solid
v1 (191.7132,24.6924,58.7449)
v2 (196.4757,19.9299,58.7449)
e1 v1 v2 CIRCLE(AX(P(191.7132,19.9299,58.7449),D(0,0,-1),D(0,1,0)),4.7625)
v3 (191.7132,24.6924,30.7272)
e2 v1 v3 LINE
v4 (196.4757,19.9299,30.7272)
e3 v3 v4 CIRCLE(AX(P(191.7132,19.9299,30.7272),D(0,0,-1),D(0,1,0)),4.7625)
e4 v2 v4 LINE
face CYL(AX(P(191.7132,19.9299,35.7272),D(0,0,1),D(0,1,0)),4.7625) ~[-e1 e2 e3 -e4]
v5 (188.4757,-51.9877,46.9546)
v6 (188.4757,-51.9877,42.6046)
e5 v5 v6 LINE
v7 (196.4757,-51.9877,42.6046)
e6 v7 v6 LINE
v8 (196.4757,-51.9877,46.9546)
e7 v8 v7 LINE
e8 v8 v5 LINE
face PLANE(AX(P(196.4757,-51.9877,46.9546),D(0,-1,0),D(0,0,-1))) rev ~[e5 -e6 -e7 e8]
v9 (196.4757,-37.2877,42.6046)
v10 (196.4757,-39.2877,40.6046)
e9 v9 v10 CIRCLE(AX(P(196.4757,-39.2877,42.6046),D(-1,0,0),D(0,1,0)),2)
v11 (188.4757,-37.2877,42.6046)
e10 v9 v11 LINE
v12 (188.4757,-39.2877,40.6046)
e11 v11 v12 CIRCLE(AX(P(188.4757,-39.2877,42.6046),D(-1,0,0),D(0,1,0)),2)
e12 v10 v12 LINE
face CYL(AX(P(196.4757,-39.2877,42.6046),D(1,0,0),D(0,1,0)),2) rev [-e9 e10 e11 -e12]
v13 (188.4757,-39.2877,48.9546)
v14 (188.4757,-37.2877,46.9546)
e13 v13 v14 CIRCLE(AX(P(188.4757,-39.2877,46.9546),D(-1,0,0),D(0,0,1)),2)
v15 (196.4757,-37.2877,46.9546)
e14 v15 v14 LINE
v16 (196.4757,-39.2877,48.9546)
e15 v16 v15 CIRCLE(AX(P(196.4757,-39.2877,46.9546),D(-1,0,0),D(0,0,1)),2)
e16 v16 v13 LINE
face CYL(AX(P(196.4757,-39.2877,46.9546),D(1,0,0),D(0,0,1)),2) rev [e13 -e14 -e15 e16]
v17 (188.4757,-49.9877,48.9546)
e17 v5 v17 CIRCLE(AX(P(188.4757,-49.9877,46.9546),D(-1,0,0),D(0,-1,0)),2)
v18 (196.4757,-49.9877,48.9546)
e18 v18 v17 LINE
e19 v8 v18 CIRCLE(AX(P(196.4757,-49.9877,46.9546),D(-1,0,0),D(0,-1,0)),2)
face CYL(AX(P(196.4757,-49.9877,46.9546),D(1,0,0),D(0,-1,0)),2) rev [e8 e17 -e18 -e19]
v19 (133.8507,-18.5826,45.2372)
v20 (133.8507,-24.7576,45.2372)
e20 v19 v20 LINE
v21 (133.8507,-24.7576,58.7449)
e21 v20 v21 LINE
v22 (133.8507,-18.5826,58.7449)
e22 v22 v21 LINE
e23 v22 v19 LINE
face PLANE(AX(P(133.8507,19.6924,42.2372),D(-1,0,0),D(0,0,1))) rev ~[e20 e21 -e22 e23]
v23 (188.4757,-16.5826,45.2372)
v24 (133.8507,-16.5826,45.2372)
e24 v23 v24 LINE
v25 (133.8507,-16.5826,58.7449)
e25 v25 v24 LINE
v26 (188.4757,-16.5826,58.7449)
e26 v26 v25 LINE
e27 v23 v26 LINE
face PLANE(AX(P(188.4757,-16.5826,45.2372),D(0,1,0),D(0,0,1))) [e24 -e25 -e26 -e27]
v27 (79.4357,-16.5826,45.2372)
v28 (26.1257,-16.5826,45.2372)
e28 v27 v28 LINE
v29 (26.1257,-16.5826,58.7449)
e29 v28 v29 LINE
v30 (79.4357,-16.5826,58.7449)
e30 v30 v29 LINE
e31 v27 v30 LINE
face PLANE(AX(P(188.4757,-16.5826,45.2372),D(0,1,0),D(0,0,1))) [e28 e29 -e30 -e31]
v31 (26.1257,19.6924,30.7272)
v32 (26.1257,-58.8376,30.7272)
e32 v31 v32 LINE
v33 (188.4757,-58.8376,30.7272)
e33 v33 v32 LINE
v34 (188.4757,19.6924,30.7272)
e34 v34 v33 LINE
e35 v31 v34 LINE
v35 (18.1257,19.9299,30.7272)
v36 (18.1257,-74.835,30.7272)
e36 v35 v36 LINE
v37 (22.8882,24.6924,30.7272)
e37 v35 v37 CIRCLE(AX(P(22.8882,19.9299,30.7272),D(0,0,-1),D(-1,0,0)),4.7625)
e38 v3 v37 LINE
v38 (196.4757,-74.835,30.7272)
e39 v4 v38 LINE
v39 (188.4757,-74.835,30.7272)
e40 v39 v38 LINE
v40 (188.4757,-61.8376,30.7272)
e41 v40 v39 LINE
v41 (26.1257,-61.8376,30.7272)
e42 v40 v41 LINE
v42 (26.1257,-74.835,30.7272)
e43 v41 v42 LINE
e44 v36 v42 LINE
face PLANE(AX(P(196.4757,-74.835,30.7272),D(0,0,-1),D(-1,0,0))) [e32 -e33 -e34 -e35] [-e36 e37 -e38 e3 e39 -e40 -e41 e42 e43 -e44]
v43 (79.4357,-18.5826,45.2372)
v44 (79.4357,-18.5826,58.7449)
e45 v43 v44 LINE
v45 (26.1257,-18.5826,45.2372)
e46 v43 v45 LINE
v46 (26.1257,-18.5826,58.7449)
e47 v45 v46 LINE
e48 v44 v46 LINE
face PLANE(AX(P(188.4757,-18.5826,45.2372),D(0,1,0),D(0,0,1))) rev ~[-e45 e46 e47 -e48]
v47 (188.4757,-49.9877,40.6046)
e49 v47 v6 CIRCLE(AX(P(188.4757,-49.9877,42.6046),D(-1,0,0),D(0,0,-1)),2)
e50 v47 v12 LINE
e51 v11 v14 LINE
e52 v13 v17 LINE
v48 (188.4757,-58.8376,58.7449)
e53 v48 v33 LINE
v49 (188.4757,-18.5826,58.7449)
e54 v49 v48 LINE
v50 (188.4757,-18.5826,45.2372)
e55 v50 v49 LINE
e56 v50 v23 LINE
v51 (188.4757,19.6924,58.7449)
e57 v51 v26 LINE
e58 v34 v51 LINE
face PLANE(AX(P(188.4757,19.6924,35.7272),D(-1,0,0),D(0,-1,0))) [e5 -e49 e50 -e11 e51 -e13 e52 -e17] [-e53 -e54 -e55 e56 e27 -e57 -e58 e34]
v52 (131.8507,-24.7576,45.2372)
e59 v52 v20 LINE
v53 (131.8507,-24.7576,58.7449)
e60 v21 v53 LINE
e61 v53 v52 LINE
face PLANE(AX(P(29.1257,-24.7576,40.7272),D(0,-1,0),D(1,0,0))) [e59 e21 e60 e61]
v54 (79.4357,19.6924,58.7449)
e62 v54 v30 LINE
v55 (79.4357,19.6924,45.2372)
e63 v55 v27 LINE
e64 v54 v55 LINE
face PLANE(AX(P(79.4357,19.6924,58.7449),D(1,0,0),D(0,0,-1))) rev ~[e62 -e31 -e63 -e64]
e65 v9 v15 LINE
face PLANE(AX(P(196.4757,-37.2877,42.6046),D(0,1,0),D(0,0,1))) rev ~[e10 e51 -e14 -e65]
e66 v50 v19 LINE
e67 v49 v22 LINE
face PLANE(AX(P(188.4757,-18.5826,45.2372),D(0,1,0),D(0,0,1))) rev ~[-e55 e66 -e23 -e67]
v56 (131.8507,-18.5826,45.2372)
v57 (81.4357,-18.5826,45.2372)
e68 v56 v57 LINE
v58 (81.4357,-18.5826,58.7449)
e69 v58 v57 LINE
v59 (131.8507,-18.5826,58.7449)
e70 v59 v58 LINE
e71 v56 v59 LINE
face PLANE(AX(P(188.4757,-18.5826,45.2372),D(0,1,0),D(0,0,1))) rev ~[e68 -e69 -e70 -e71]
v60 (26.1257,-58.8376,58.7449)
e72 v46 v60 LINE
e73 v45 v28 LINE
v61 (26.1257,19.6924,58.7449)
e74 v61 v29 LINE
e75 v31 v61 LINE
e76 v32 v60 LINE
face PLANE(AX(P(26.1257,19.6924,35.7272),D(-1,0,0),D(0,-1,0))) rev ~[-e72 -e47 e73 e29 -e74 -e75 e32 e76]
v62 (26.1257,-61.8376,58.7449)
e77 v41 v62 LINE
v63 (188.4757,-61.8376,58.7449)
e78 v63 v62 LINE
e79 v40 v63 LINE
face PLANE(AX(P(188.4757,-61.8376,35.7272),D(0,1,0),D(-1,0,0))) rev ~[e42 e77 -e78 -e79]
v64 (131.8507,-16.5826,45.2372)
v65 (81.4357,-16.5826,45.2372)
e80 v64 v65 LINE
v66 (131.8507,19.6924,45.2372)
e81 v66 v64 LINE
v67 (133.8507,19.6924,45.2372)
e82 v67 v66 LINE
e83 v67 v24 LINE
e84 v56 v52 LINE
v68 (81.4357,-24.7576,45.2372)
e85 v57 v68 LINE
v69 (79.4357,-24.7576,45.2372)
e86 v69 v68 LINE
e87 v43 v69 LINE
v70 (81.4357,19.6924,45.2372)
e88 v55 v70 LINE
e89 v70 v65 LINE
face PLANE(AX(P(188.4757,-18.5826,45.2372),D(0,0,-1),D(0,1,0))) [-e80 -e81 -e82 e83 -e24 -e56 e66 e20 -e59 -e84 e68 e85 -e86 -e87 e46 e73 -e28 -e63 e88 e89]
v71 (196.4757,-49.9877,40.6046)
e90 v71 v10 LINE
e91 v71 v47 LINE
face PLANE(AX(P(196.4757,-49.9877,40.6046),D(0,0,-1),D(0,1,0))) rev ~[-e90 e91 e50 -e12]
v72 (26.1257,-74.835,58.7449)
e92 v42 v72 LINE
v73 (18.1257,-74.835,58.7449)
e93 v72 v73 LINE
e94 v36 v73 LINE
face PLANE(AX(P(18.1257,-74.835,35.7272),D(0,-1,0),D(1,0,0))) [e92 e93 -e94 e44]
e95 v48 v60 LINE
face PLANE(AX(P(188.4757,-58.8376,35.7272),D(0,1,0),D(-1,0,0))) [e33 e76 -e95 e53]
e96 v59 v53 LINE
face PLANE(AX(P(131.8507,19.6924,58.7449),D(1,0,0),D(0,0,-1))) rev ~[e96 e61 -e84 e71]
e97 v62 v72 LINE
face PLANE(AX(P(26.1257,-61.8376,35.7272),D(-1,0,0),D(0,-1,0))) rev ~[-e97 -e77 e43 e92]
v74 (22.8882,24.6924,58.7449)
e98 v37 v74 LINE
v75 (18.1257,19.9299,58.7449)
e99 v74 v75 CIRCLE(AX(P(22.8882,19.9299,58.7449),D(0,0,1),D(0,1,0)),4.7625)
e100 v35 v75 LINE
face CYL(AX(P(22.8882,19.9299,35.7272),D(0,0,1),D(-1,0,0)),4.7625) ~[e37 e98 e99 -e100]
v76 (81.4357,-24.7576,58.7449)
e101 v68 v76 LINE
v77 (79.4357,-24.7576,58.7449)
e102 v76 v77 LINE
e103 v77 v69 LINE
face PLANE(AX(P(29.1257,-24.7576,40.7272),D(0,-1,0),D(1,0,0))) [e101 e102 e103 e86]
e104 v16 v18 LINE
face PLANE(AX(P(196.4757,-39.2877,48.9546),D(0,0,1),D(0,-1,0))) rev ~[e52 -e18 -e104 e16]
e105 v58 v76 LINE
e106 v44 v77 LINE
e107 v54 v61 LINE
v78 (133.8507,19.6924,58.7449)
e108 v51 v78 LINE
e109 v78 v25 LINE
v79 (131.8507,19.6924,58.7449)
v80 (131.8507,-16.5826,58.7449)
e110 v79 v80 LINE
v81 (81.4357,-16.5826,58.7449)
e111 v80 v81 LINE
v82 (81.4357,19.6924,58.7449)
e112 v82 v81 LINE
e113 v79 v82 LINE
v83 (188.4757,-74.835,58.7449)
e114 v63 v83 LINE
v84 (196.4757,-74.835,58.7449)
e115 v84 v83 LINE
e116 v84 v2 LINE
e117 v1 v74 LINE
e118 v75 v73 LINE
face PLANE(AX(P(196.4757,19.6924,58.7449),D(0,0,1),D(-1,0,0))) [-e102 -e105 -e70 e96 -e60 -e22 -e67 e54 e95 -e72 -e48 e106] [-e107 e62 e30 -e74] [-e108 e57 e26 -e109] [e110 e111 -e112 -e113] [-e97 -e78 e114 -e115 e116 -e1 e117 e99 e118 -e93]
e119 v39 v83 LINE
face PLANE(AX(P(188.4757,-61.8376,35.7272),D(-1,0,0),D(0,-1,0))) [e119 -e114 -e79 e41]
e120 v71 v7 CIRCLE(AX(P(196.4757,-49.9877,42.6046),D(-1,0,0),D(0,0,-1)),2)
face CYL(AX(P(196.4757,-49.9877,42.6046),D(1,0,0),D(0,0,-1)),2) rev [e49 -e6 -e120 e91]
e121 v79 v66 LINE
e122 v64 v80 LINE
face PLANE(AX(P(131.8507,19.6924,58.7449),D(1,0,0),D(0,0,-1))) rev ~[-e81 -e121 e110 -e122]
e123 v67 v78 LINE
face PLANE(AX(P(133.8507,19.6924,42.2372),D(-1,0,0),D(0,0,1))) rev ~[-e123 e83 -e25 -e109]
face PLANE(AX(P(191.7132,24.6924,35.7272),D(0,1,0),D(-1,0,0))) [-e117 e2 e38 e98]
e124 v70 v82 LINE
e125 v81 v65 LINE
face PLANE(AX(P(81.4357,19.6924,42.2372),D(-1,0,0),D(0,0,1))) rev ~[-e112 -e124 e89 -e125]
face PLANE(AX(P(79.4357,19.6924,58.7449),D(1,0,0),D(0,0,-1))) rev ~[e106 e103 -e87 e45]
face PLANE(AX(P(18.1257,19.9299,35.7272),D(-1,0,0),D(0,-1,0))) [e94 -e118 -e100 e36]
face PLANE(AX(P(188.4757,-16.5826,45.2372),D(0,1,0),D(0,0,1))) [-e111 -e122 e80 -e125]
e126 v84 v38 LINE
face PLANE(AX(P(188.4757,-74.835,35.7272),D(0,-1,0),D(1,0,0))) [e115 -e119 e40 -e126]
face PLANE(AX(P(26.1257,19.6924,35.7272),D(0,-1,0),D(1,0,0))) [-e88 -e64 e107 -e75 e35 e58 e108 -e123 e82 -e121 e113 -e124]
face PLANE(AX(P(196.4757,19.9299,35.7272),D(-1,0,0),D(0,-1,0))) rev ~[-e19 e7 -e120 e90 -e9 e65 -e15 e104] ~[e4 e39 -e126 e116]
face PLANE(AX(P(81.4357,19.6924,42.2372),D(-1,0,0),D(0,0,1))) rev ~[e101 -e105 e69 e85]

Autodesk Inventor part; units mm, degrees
ref_plane "YZ Plane" through (0, 0, 0) normal (1, 0, 0) x (0, 1, 0)
ref_plane "XZ Plane" through (0, 0, 0) normal (0, 1, 0) x (-1, 0, 0)
ref_plane "XY Plane" through (0, 0, 0) normal (0, 0, 1) x (1, 0, 0)
ref_plane "boardTop(tolerance)" through (29.1257, 19.6924, 40.7272) normal (0, -1, 0) x (1, 0, 0)
sketch "Sketch3" plane through (29.1257, 19.6924, 40.7272) normal (0, -1, 0) x (1, 0, 0)
  line L0 (-2, 1.51) -> (-2, 0)
  line L1 (158.35, 0) -> (158.35, 1.51)
  line L2 (-11, 18.0177) -> (-11, -5)
  line L3 (167.35, 18.0177) -> (167.35, -5)
  line L4 (167.35, 18.0177) -> (-11, 18.0177)
  line L5 (-11, -5) -> (167.35, -5)
  point P0 (-29.1257, -40.7272)
  point P1 (158.35, 0.755)
  dimension "d12" = 9
  dimension "d13" = 9
extrude "Extrusion3" add sketch "Sketch3" against normal blind 5
ref_plane "boardBottom(tolerance)" through (185.4757, -59.8376, 42.2372) normal (0, -1, 0) x (-1, 0, 0)
sketch "Sketch4" plane through (29.1257, 19.6924, 40.7272) normal (0, -1, 0) x (1, 0, 0)
  line L0 (-2, 1.51) -> (-2, 0)
  line L1 (158.35, 1.51) -> (158.35, 0)
  line L2 (-11, 18.0177) -> (-11, -5) projected
  line L3 (-11, -5) -> (167.35, -5) projected
  line L4 (167.35, -5) -> (167.35, 18.0177) projected
  line L5 (167.35, 18.0177) -> (-11, 18.0177) projected
  line L6 (159.35, -5) -> (159.35, 18.0177)
  line L7 (-11, 18.0177) -> (167.35, 18.0177) projected
  line L8 (-3, -5) -> (-3, 18.0177)
  point P0 (-29.1257, -40.7272)
  point P1 (158.35, 0.755)
  point P2 (-2, 0.755)
  point P3 (-3, 18.0177)
  dimension "d17" = 1
  dimension "d18" = 1
extrude "Extrusion4" add sketch "Sketch4" along normal blind 94.5274 contours L5 L8 L3 L2 | L5 L4 L3 L6
ref_plane "boardRight(tolerance)" through (188.4757, 19.6924, 35.7272) normal (-1, 0, 0) x (0, -1, 0)
sketch "Sketch5" plane through (188.4757, -74.835, 35.7272) normal (-1, 0, 0) x (0, 0, 1)
  line L0 (5, 15.9974) -> (6.51, 15.9974) projected
  line L1 (0, 94.5274) -> (23.0177, 94.5274) projected
  line L2 (0, 94.5274) -> (0, 0) projected
  line L3 (23.0177, 0) -> (0, 0) projected
  line L4 (23.0177, 94.5274) -> (23.0177, 0) projected
  line L5 (0, 94.5274) -> (0, 0) projected
  line L6 (0, 15.9974) -> (23.0177, 15.9974)
  line L7 (23.0177, 15.9974) -> (23.0177, 12.9974)
  line L8 (23.0177, 12.9974) -> (0, 12.9974)
  line L9 (0, 12.9974) -> (0, 15.9974)
  point P0 (-35.7272, 74.835)
  point P1 (0, 12.9974)
  point P2 (6.51, 15.9974)
  dimension "d21" = 3
ref_plane "boardLeft(tolerance)" through (26.1257, 19.6924, 58.7449) normal (1, 0, 0) x (0, -1, 0)
extrude "Extrusion5" add sketch "Sketch5" along normal up to surface (162.35 mm away) contours L0 L6 L4 L8 L2
sketch "Sketch6" plane through (29.1257, 19.6924, 40.7272) normal (0, -1, 0) x (1, 0, 0)
  line L0 (48.3131, 6.295) -> (48.54, 4.395) projected
  line L1 (54.3069, 2.495) -> (54.08, 4.395) projected
  line L2 (99.8531, 6.295) -> (100.08, 4.395) projected
  line L3 (107.5969, 2.495) -> (107.37, 4.395) projected
  line L4 (-3, 18.0177) -> (-3, -5) projected
  line L5 (-3, -5) -> (159.35, -5) projected
  line L6 (159.35, -5) -> (159.35, 18.0177) projected
  line L7 (159.35, 18.0177) -> (-3, 18.0177) projected
  line L8 (0, 1.51) -> (156.35, 1.51) projected
  line L9 (102.725, 1.51) -> (104.725, 1.51)
  line L10 (104.725, 1.51) -> (104.725, 18.0177)
  line L11 (104.725, 18.0177) -> (102.725, 18.0177)
  line L12 (102.725, 18.0177) -> (102.725, 1.51)
  line L13 (159.35, 18.0177) -> (-3, 18.0177) projected
  line L14 (50.31, 1.51) -> (52.31, 1.51)
  line L15 (52.31, 1.51) -> (52.31, 18.0177)
  line L16 (52.31, 18.0177) -> (50.31, 18.0177)
  line L17 (50.31, 18.0177) -> (50.31, 1.51)
  line L18 (48.4266, 5.345) -> (50.31, 5.345) construction
  line L19 (54.1934, 3.445) -> (52.31, 3.445) construction
  line L20 (99.9666, 5.345) -> (102.725, 5.345) construction
  line L21 (107.4834, 3.445) -> (104.725, 3.445) construction
  point P0 (-29.1257, -40.7272)
  point P1 (124.6421, 15.795)
  dimension "d31" = 2
  dimension "d32" = 2
extrude "Extrusion6" add sketch "Sketch6" along normal blind 44.45 contours L7 L15 L8 L17 | L7 L10 L8 L12
sketch "Sketch7" plane through (133.8507, 19.6924, 42.2372) normal (0, 0, -1) x (-1, 0, 0)
  line L0 (2, 0) -> (2, -44.45) projected
  line L1 (0, 0) -> (0, -44.45) projected
  line L2 (2, -44.45) -> (0, -44.45) projected
  line L3 (54.415, 0) -> (54.415, -44.45) projected
  line L4 (52.415, 0) -> (52.415, -44.45) projected
  line L5 (54.415, -44.45) -> (52.415, -44.45) projected
  line L6 (0, 0) -> (2, 0)
  line L7 (54.415, 0) -> (52.415, 0)
  point P0 (133.8507, -19.6924)
extrude "Extrusion7" cut sketch "Sketch7" against normal blind 3
sketch "Sketch9" plane through (188.4757, 19.6924, 35.7272) normal (-1, 0, 0) x (0, 0, 1)
  line L0 (9.51, -38.275) -> (23.0177, -38.275)
  line L1 (9.51, -36.275) -> (23.0177, -36.275)
  line L2 (9.51, -36.275) -> (23.0177, -36.275)
  line L3 (23.0177, -36.275) -> (23.0177, -38.275)
  line L4 (23.0177, -38.275) -> (9.51, -38.275)
  line L5 (9.51, -38.275) -> (9.51, -36.275)
  point P0 (-35.7272, -19.6924)
  dimension "d37" = 2
extrude "Extrusion8" add sketch "Sketch9" along normal up to surface (162.35 mm away)
fillet "Fillet1" radius 4.7625 2 edges at (18.1257, 24.6924, 47.236) (196.4757, 24.6924, 47.236)
sketch "Sketch10" plane through (196.4757, 19.6924, 35.7272) normal (-1, 0, 0) x (0, 0, 1)
  line L0 (10.3897, -67.2551) -> (10.3897, -61.4051) projected
  line L1 (7.715, -63.9401) -> (7.715, -66.58) projected
  line L2 (9.495, -60.3354) -> (8.9571, -60.3354) projected
  line L3 (8.9571, -68.3248) -> (9.495, -68.3248) projected
  arc A0 (10.145, -61.0301) -> (9.695, -60.5801) centre (9.695, -61.0301) ccw projected
  line L4 (8.4889, -60.7119) -> (7.8268, -61.374) projected
  line L5 (7.8268, -67.2862) -> (8.4889, -67.9483) projected
  line L6 (7.715, -62.0803) -> (7.715, -63.9301) projected
  line L7 (7.715, -63.9401) -> (7.715, -66.58) projected
  line L8 (10.3897, -67.2551) -> (10.3897, -61.4051) projected
  line L9 (11.2274, -71.6801) -> (6.8774, -71.6801)
  line L10 (4.8774, -69.6801) -> (4.8774, -58.9801)
  line L11 (6.8774, -56.9801) -> (11.2274, -56.9801)
  line L12 (13.2274, -58.9801) -> (13.2274, -69.6801)
  line L13 (9.226, -68.3248) -> (9.2261, -71.6801) construction
  line L14 (9.226, -60.3354) -> (9.226, -56.9801) construction
  line L15 (13.2274, -64.3301) -> (10.3897, -64.3301) construction
  line L16 (7.715, -64.3301) -> (4.8774, -64.3301) construction
  arc A1 (13.2274, -58.9801) -> (11.2274, -56.9801) centre (11.2274, -58.9801) ccw
  arc A2 (6.8774, -56.9801) -> (4.8774, -58.9801) centre (6.8774, -58.9801) ccw
  arc A3 (4.8774, -69.6801) -> (6.8774, -71.6801) centre (6.8774, -69.6801) ccw
  arc A4 (11.2274, -71.6801) -> (13.2274, -69.6801) centre (11.2274, -69.6801) ccw
  point P0 (-35.7272, -19.6924)
  point P1 (7.685, -61.1849)
  point P2 (13.2274, -71.6801)
  point P3 (4.8774, -56.9801)
  point P4 (4.8774, -71.6801)
  point P5 (13.2274, -56.9801)
  point P6 (9.495, -68.3248)
  dimension "d47" = 8.35
  dimension "d48" = 14.7
  dimension "d49" = 2
extrude "Extrusion9" cut sketch "Sketch10" along normal blind 8
sketch "Sketch11" plane through (196.4757, -74.835, 35.7272) normal (0, 0, -1) x (-1, 0, 0)
  arc A0 (4.7625, 99.5274) -> (0, 94.7649) centre (4.7625, 94.7649) ccw projected
  line L0 (0, 94.7649) -> (0, 0) projected
  line L1 (8, 0) -> (0, 0) projected
  line L2 (8, 12.9974) -> (8, 0) projected
  line L3 (8, 12.9974) -> (170.35, 12.9974) projected
  line L4 (170.35, 12.9974) -> (170.35, 0) projected
  line L5 (178.35, 0) -> (170.35, 0) projected
  line L6 (178.35, 94.7649) -> (178.35, 0) projected
  arc A1 (178.35, 94.7649) -> (173.5875, 99.5274) centre (173.5875, 94.7649) ccw projected
  line L7 (4.7625, 99.5274) -> (173.5875, 99.5274) projected
  line L8 (8, 15.9974) -> (170.35, 15.9974) projected
  line L9 (8, 94.5274) -> (8, 15.9974) projected
  line L10 (170.35, 94.5274) -> (8, 94.5274) projected
  line L11 (170.35, 94.5274) -> (170.35, 15.9974) projected
  point P0 (196.4757, 74.835)
extrude "Extrusion10" add sketch "Sketch11" along normal blind 5
properties part number "case"
